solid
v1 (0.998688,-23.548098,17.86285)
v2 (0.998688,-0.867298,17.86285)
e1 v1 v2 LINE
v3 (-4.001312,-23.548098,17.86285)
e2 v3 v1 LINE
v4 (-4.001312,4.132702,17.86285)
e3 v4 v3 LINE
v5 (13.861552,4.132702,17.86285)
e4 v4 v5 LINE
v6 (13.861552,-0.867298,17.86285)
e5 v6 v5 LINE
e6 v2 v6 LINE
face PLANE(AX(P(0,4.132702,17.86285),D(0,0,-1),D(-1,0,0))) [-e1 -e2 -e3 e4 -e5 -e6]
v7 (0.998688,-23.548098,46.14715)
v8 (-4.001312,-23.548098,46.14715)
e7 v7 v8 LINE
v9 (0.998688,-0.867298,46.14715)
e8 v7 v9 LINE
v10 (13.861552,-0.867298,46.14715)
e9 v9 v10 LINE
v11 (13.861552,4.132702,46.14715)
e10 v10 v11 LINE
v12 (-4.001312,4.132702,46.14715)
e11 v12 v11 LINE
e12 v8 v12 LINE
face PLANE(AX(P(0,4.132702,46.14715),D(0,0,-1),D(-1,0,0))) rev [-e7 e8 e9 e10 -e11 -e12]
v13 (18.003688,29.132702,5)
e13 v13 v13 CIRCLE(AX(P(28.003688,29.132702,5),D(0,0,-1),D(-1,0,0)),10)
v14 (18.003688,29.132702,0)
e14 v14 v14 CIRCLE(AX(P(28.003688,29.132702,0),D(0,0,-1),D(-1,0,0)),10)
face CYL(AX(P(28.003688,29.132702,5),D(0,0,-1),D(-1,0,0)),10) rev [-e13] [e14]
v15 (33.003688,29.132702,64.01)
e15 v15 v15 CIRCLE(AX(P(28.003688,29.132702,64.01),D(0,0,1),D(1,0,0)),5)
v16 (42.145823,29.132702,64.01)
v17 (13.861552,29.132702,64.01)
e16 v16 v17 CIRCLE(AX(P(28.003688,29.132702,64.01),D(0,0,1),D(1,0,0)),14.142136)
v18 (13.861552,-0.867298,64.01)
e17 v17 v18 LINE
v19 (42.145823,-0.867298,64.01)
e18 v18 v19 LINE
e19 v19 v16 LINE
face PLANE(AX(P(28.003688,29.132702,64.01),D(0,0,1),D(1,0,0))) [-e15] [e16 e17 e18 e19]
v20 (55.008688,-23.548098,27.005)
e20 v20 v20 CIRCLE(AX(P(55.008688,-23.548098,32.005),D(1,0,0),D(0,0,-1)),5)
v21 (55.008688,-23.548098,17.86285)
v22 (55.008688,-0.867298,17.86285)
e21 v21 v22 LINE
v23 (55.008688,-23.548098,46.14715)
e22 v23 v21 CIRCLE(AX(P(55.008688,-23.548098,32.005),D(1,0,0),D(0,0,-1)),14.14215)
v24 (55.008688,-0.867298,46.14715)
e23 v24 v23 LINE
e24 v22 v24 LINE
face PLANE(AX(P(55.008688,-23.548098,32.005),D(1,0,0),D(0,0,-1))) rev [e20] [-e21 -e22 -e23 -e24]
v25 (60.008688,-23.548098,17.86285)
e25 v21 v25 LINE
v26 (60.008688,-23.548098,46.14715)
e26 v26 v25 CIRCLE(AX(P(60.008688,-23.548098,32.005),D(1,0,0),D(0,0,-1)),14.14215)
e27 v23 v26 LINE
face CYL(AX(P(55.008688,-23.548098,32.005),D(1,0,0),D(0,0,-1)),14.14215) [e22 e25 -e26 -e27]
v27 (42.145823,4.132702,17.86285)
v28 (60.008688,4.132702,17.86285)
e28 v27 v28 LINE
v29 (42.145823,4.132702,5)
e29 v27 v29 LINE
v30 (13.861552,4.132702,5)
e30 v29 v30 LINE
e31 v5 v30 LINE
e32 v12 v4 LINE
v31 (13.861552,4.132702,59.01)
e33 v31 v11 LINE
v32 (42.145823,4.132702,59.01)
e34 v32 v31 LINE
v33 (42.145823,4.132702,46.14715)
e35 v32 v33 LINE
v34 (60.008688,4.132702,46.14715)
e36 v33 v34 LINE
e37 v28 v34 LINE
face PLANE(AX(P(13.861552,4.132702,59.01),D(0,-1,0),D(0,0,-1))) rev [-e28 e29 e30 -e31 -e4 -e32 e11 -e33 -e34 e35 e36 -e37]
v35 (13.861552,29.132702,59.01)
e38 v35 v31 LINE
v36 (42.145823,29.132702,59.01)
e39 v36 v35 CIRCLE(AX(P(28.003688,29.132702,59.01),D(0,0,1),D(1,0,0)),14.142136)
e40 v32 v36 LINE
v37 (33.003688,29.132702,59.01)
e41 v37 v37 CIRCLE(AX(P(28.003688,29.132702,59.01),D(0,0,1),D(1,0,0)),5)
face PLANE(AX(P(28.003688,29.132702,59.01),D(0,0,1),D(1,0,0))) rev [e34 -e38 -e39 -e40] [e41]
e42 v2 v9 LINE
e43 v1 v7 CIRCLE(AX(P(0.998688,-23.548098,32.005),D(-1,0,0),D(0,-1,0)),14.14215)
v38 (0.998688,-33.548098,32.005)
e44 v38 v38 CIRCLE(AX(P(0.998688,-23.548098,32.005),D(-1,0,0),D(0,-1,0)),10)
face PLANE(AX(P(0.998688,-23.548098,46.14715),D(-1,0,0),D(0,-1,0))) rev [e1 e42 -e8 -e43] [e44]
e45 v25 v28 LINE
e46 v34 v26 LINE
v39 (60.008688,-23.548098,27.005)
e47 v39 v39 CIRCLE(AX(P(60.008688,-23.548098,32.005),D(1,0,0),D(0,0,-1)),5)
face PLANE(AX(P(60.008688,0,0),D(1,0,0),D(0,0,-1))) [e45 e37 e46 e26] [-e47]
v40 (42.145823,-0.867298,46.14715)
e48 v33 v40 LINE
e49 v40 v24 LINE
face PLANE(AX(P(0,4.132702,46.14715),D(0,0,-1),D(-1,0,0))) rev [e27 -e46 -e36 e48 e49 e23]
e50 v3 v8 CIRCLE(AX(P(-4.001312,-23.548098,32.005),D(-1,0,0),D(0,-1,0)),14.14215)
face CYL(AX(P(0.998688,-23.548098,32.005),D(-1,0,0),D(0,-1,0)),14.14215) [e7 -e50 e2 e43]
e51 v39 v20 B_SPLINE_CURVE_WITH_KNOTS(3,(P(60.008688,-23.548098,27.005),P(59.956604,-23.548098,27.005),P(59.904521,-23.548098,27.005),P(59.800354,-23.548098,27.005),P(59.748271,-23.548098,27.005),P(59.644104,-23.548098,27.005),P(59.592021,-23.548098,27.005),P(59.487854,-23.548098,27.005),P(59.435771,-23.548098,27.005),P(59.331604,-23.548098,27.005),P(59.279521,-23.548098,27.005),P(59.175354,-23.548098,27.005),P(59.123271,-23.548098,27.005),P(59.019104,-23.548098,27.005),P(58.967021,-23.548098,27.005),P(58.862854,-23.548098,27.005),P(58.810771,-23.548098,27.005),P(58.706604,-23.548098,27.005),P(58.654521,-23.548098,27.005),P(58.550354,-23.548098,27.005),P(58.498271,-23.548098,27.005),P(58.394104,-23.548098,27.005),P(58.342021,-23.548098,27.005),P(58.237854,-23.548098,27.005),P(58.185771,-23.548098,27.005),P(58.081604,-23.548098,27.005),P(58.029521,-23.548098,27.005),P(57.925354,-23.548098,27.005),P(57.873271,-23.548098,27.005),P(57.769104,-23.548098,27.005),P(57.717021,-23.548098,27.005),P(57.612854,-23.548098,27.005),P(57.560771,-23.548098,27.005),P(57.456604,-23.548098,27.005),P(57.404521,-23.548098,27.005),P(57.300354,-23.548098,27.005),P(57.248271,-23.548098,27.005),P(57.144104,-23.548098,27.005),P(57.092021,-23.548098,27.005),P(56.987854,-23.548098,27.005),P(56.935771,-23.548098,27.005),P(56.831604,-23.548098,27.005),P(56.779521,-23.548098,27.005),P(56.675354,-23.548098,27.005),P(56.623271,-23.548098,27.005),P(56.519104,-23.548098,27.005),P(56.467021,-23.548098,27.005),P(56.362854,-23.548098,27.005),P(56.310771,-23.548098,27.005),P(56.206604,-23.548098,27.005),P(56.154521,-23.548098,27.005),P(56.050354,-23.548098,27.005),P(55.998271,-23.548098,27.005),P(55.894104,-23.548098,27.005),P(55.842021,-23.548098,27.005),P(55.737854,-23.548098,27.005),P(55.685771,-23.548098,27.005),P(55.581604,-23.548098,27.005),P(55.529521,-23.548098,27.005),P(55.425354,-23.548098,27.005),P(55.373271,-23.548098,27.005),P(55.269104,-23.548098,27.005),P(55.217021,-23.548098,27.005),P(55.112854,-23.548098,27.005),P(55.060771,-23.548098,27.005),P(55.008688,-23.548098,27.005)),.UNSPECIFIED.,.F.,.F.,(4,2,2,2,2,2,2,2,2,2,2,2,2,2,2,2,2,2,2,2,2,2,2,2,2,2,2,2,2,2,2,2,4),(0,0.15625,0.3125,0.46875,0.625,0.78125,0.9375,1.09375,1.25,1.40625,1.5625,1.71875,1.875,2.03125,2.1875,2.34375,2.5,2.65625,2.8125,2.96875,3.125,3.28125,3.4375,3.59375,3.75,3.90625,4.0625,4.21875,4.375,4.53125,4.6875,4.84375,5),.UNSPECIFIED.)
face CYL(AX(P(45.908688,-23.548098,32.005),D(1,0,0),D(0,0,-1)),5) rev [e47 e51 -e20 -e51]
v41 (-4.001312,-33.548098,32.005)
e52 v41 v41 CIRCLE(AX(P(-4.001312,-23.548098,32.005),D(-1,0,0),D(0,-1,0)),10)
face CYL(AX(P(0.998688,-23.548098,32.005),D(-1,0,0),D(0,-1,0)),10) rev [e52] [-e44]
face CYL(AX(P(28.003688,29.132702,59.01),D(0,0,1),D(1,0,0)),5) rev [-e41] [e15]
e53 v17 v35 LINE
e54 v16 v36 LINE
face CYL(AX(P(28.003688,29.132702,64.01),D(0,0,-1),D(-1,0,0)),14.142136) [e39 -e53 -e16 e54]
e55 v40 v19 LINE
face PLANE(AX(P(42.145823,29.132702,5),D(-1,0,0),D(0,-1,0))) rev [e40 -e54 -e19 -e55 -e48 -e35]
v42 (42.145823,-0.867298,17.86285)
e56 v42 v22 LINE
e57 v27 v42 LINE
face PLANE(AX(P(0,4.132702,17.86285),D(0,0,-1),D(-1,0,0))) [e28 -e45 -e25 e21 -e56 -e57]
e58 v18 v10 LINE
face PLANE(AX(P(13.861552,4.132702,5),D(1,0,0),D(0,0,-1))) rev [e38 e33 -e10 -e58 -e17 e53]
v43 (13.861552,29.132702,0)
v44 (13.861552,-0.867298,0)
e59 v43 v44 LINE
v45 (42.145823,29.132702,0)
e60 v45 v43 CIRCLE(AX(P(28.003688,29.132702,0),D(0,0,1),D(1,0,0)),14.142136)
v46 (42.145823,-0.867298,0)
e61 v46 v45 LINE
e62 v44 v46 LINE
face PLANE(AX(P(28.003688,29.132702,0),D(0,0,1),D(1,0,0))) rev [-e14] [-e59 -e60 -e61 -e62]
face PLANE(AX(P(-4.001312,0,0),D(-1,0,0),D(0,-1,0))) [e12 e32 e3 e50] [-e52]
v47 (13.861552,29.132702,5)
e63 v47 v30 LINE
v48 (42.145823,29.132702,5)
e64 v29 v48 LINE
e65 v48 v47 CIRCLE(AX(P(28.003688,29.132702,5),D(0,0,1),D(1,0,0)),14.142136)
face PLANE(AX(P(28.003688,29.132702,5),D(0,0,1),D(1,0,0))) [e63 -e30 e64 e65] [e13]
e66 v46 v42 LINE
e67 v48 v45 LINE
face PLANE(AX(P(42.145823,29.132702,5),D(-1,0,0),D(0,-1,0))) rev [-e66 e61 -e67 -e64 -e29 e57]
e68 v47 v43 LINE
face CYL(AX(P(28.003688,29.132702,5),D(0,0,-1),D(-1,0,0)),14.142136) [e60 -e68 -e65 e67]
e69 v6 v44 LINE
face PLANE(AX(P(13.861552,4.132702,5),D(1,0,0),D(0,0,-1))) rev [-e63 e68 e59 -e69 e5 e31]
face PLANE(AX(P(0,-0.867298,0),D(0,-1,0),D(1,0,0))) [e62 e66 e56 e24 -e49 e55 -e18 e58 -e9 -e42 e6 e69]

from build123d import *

# Parameters (mm, degrees)
BOSS_EXTRUDE1_DEPTH  = 5
SKETCH2_R            = 2.05
CUT_EXTRUDE1_DEPTH   = 5
SKETCH3_W            = 28.284271247
SKETCH3_H            = 5
BOSS_EXTRUDE3_DEPTH  = 5
SKETCH4_W            = 28.284271247
SKETCH4_H            = 5
BOSS_EXTRUDE4_DEPTH  = 54.01
BOSS_EXTRUDE5_DEPTH  = 5
SKETCH6_W            = 14.142135624
SKETCH6_H            = 14.14215
SKETCH6_W_2          = 12.862864377
SKETCH6_W_3          = 14.142135623
SKETCH6_W_4          = 12.862864376
BOSS_EXTRUDE7_DEPTH  = 5
SKETCH8_W            = 28.2843
SKETCH8_H            = 5
BOSS_EXTRUDE8_DEPTH  = 5
SKETCH10_W           = 5
SKETCH10_H           = 28.2843
BOSS_EXTRUDE9_DEPTH  = 22.6808
BOSS_EXTRUDE10_DEPTH = 5
SKETCH12_W           = 28.2843
SKETCH12_H           = 5
BOSS_EXTRUDE11_DEPTH = 5
BOSS_EXTRUDE12_START = -5
BOSS_EXTRUDE12_DEPTH = 5
SKETCH15_R           = 5
CUT_EXTRUDE3_DEPTH   = 5
SKETCH16_R           = 5
CUT_EXTRUDE4_DEPTH   = 14.1
SKETCH17_R           = 2.05
CUT_EXTRUDE5_DEPTH   = 8.1
SKETCH18_R           = 10
CUT_EXTRUDE6_DEPTH   = 5
SKETCH19_R           = 10
CUT_EXTRUDE7_DEPTH   = 5


with BuildPart() as part:
    # Model → Boss-Extrude1 (new body)
    with BuildSketch(Plane.XY):
        with BuildLine():
            Line((13.86155204, 4.132702322), (42.145823287, 4.132702322))
            Line((42.145823287, 4.132702322), (42.145823287, 29.132702322))
            ThreePointArc((42.145823287, 29.132702322), (28.003687664, 43.274837946), (13.86155204, 29.132702322))
            Line((13.86155204, 29.132702322), (13.86155204, 4.132702322))
        make_face()
    extrude(amount=BOSS_EXTRUDE1_DEPTH)

    # Sketch2 → Cut-Extrude1 (cut)
    with BuildSketch(Plane.XY.offset(5)):
        with Locations((28.003687664, 29.132702322)):
            Circle(SKETCH2_R)
    extrude(amount=-CUT_EXTRUDE1_DEPTH, mode=Mode.SUBTRACT)

    # Sketch3 → Boss-Extrude3 (add)
    with BuildSketch(Plane.XZ.offset(-4.132702322)):
        with Locations((28.003687664, 2.5)):
            Rectangle(SKETCH3_W, SKETCH3_H)
    extrude(amount=BOSS_EXTRUDE3_DEPTH)

    # Sketch4 → Boss-Extrude4 (add)
    with BuildSketch(Plane.XY.offset(5)):
        with Locations((28.003687664, 1.632702322)):
            Rectangle(SKETCH4_W, SKETCH4_H)
    extrude(amount=BOSS_EXTRUDE4_DEPTH)

    # Sketch5 → Boss-Extrude5 (add)
    with BuildSketch(Plane.XY.offset(59.01)):
        with BuildLine():
            Line((42.145823287, 4.132702322), (42.145823287, 29.132702322))
            ThreePointArc((42.145823287, 29.132702322), (28.003687664, 43.274837946), (13.86155204, 29.132702322))
            Line((13.86155204, 29.132702322), (13.86155204, 4.132702322))
            Line((13.86155204, 4.132702322), (13.86155204, -0.867297678))
            Line((13.86155204, -0.867297678), (42.145823287, -0.867297678))
            Line((42.145823287, -0.867297678), (42.145823287, 4.132702322))
        make_face()
    extrude(amount=BOSS_EXTRUDE5_DEPTH)

    # Sketch6 → Boss-Extrude7 (add)
    with BuildSketch(Plane.XZ.offset(0.867297678)):
        with Locations((20.932619852, 39.076075)):
            Rectangle(SKETCH6_W, SKETCH6_H)
        with Locations((48.577255476, 39.076075)):
            Rectangle(SKETCH6_W_2, SKETCH6_H)
        with Locations((35.074755476, 39.076075)):
            Rectangle(SKETCH6_W_3, SKETCH6_H)
        with Locations((7.430119852, 39.076075)):
            Rectangle(SKETCH6_W_4, SKETCH6_H)
        with Locations((7.430119852, 24.933925)):
            Rectangle(SKETCH6_W_4, SKETCH6_H)
        Polygon((28.003687664, 32.005), (13.86155204, 32.005), (13.86155204, 17.86285), (42.145823287, 17.86285), (42.145823287, 32.005), align=None)
        with Locations((48.577255476, 24.933925)):
            Rectangle(SKETCH6_W_2, SKETCH6_H)
    extrude(amount=-BOSS_EXTRUDE7_DEPTH)

    # Sketch8 → Boss-Extrude8 (add)
    with BuildSketch(Plane.ZY.offset(-0.998687664)):
        with Locations((32.005, 1.632702322)):
            Rectangle(SKETCH8_W, SKETCH8_H)
    extrude(amount=BOSS_EXTRUDE8_DEPTH)

    # Sketch10 → Boss-Extrude9 (add)
    with BuildSketch(Plane.XZ.offset(0.867297678)):
        with Locations((-1.501312336, 32.005)):
            Rectangle(SKETCH10_W, SKETCH10_H)
    extrude(amount=BOSS_EXTRUDE9_DEPTH)

    # Sketch11 → Boss-Extrude10 (add)
    with BuildSketch(Plane.ZY.offset(4.001312336)):
        with BuildLine():
            Line((46.14715, -23.548097678), (17.86285, -23.548097678))
            ThreePointArc((17.86285, -23.548097678), (32.005, -37.690247678), (46.14715, -23.548097678))
        make_face()
    extrude(amount=-BOSS_EXTRUDE10_DEPTH)

    # Sketch12 → Boss-Extrude11 (add)
    with BuildSketch(Plane(origin=(55.008687664, 0, 0), x_dir=(0, 0, -1), z_dir=(1, 0, 0))):
        with Locations((-32.005, 1.632702322)):
            Rectangle(SKETCH12_W, SKETCH12_H)
    extrude(amount=BOSS_EXTRUDE11_DEPTH)

    # Sketch14 → Boss-Extrude12 (add)
    with BuildSketch(Plane(origin=(60.008687664, 0, 0), x_dir=(0, 0, -1), z_dir=(1, 0, 0)).offset(BOSS_EXTRUDE12_START)):
        with BuildLine():
            Line((-17.86285, -0.867297678), (-46.14715, -0.867297678))
            Line((-46.14715, -0.867297678), (-46.14715, -23.548097678))
            ThreePointArc((-46.14715, -23.548097678), (-32.005, -37.690247678), (-17.86285, -23.548097678))
            Line((-17.86285, -23.548097678), (-17.86285, -0.867297678))
        make_face()
    extrude(amount=BOSS_EXTRUDE12_DEPTH)

    # Sketch15 → Cut-Extrude3 (cut)
    with BuildSketch(Plane.XY.offset(64.01)):
        with Locations((28.003687664, 29.132702322)):
            Circle(SKETCH15_R)
    extrude(amount=-CUT_EXTRUDE3_DEPTH, mode=Mode.SUBTRACT)

    # Sketch16 → Cut-Extrude4 (cut)
    with BuildSketch(Plane(origin=(60.008687664, 0, 0), x_dir=(0, 0, -1), z_dir=(1, 0, 0))):
        with Locations((-32.005, -23.548097678)):
            Circle(SKETCH16_R)
    extrude(amount=-CUT_EXTRUDE4_DEPTH, mode=Mode.SUBTRACT)

    # Sketch17 → Cut-Extrude5 (cut)
    with BuildSketch(Plane.ZY.offset(4.001312336)):
        with Locations(Location((32.005, -23.548097678, 0), (0, 0, 270))):
            Circle(SKETCH17_R)
    extrude(amount=-CUT_EXTRUDE5_DEPTH, mode=Mode.SUBTRACT)

    # Sketch18 → Cut-Extrude6 (cut)
    with BuildSketch(Plane(origin=(0, 0, 0), x_dir=(-1, 0, 0), z_dir=(0, 0, -1))):
        with Locations((-28.003687664, 29.132702322)):
            Circle(SKETCH18_R)
    extrude(amount=-CUT_EXTRUDE6_DEPTH, mode=Mode.SUBTRACT)

    # Sketch19 → Cut-Extrude7 (cut)
    with BuildSketch(Plane.ZY.offset(4.001312336)):
        with Locations(Location((32.005, -23.548097678, 0), (0, 0, 270))):
            Circle(SKETCH19_R)
    extrude(amount=-CUT_EXTRUDE7_DEPTH, mode=Mode.SUBTRACT)


solid = part.part
